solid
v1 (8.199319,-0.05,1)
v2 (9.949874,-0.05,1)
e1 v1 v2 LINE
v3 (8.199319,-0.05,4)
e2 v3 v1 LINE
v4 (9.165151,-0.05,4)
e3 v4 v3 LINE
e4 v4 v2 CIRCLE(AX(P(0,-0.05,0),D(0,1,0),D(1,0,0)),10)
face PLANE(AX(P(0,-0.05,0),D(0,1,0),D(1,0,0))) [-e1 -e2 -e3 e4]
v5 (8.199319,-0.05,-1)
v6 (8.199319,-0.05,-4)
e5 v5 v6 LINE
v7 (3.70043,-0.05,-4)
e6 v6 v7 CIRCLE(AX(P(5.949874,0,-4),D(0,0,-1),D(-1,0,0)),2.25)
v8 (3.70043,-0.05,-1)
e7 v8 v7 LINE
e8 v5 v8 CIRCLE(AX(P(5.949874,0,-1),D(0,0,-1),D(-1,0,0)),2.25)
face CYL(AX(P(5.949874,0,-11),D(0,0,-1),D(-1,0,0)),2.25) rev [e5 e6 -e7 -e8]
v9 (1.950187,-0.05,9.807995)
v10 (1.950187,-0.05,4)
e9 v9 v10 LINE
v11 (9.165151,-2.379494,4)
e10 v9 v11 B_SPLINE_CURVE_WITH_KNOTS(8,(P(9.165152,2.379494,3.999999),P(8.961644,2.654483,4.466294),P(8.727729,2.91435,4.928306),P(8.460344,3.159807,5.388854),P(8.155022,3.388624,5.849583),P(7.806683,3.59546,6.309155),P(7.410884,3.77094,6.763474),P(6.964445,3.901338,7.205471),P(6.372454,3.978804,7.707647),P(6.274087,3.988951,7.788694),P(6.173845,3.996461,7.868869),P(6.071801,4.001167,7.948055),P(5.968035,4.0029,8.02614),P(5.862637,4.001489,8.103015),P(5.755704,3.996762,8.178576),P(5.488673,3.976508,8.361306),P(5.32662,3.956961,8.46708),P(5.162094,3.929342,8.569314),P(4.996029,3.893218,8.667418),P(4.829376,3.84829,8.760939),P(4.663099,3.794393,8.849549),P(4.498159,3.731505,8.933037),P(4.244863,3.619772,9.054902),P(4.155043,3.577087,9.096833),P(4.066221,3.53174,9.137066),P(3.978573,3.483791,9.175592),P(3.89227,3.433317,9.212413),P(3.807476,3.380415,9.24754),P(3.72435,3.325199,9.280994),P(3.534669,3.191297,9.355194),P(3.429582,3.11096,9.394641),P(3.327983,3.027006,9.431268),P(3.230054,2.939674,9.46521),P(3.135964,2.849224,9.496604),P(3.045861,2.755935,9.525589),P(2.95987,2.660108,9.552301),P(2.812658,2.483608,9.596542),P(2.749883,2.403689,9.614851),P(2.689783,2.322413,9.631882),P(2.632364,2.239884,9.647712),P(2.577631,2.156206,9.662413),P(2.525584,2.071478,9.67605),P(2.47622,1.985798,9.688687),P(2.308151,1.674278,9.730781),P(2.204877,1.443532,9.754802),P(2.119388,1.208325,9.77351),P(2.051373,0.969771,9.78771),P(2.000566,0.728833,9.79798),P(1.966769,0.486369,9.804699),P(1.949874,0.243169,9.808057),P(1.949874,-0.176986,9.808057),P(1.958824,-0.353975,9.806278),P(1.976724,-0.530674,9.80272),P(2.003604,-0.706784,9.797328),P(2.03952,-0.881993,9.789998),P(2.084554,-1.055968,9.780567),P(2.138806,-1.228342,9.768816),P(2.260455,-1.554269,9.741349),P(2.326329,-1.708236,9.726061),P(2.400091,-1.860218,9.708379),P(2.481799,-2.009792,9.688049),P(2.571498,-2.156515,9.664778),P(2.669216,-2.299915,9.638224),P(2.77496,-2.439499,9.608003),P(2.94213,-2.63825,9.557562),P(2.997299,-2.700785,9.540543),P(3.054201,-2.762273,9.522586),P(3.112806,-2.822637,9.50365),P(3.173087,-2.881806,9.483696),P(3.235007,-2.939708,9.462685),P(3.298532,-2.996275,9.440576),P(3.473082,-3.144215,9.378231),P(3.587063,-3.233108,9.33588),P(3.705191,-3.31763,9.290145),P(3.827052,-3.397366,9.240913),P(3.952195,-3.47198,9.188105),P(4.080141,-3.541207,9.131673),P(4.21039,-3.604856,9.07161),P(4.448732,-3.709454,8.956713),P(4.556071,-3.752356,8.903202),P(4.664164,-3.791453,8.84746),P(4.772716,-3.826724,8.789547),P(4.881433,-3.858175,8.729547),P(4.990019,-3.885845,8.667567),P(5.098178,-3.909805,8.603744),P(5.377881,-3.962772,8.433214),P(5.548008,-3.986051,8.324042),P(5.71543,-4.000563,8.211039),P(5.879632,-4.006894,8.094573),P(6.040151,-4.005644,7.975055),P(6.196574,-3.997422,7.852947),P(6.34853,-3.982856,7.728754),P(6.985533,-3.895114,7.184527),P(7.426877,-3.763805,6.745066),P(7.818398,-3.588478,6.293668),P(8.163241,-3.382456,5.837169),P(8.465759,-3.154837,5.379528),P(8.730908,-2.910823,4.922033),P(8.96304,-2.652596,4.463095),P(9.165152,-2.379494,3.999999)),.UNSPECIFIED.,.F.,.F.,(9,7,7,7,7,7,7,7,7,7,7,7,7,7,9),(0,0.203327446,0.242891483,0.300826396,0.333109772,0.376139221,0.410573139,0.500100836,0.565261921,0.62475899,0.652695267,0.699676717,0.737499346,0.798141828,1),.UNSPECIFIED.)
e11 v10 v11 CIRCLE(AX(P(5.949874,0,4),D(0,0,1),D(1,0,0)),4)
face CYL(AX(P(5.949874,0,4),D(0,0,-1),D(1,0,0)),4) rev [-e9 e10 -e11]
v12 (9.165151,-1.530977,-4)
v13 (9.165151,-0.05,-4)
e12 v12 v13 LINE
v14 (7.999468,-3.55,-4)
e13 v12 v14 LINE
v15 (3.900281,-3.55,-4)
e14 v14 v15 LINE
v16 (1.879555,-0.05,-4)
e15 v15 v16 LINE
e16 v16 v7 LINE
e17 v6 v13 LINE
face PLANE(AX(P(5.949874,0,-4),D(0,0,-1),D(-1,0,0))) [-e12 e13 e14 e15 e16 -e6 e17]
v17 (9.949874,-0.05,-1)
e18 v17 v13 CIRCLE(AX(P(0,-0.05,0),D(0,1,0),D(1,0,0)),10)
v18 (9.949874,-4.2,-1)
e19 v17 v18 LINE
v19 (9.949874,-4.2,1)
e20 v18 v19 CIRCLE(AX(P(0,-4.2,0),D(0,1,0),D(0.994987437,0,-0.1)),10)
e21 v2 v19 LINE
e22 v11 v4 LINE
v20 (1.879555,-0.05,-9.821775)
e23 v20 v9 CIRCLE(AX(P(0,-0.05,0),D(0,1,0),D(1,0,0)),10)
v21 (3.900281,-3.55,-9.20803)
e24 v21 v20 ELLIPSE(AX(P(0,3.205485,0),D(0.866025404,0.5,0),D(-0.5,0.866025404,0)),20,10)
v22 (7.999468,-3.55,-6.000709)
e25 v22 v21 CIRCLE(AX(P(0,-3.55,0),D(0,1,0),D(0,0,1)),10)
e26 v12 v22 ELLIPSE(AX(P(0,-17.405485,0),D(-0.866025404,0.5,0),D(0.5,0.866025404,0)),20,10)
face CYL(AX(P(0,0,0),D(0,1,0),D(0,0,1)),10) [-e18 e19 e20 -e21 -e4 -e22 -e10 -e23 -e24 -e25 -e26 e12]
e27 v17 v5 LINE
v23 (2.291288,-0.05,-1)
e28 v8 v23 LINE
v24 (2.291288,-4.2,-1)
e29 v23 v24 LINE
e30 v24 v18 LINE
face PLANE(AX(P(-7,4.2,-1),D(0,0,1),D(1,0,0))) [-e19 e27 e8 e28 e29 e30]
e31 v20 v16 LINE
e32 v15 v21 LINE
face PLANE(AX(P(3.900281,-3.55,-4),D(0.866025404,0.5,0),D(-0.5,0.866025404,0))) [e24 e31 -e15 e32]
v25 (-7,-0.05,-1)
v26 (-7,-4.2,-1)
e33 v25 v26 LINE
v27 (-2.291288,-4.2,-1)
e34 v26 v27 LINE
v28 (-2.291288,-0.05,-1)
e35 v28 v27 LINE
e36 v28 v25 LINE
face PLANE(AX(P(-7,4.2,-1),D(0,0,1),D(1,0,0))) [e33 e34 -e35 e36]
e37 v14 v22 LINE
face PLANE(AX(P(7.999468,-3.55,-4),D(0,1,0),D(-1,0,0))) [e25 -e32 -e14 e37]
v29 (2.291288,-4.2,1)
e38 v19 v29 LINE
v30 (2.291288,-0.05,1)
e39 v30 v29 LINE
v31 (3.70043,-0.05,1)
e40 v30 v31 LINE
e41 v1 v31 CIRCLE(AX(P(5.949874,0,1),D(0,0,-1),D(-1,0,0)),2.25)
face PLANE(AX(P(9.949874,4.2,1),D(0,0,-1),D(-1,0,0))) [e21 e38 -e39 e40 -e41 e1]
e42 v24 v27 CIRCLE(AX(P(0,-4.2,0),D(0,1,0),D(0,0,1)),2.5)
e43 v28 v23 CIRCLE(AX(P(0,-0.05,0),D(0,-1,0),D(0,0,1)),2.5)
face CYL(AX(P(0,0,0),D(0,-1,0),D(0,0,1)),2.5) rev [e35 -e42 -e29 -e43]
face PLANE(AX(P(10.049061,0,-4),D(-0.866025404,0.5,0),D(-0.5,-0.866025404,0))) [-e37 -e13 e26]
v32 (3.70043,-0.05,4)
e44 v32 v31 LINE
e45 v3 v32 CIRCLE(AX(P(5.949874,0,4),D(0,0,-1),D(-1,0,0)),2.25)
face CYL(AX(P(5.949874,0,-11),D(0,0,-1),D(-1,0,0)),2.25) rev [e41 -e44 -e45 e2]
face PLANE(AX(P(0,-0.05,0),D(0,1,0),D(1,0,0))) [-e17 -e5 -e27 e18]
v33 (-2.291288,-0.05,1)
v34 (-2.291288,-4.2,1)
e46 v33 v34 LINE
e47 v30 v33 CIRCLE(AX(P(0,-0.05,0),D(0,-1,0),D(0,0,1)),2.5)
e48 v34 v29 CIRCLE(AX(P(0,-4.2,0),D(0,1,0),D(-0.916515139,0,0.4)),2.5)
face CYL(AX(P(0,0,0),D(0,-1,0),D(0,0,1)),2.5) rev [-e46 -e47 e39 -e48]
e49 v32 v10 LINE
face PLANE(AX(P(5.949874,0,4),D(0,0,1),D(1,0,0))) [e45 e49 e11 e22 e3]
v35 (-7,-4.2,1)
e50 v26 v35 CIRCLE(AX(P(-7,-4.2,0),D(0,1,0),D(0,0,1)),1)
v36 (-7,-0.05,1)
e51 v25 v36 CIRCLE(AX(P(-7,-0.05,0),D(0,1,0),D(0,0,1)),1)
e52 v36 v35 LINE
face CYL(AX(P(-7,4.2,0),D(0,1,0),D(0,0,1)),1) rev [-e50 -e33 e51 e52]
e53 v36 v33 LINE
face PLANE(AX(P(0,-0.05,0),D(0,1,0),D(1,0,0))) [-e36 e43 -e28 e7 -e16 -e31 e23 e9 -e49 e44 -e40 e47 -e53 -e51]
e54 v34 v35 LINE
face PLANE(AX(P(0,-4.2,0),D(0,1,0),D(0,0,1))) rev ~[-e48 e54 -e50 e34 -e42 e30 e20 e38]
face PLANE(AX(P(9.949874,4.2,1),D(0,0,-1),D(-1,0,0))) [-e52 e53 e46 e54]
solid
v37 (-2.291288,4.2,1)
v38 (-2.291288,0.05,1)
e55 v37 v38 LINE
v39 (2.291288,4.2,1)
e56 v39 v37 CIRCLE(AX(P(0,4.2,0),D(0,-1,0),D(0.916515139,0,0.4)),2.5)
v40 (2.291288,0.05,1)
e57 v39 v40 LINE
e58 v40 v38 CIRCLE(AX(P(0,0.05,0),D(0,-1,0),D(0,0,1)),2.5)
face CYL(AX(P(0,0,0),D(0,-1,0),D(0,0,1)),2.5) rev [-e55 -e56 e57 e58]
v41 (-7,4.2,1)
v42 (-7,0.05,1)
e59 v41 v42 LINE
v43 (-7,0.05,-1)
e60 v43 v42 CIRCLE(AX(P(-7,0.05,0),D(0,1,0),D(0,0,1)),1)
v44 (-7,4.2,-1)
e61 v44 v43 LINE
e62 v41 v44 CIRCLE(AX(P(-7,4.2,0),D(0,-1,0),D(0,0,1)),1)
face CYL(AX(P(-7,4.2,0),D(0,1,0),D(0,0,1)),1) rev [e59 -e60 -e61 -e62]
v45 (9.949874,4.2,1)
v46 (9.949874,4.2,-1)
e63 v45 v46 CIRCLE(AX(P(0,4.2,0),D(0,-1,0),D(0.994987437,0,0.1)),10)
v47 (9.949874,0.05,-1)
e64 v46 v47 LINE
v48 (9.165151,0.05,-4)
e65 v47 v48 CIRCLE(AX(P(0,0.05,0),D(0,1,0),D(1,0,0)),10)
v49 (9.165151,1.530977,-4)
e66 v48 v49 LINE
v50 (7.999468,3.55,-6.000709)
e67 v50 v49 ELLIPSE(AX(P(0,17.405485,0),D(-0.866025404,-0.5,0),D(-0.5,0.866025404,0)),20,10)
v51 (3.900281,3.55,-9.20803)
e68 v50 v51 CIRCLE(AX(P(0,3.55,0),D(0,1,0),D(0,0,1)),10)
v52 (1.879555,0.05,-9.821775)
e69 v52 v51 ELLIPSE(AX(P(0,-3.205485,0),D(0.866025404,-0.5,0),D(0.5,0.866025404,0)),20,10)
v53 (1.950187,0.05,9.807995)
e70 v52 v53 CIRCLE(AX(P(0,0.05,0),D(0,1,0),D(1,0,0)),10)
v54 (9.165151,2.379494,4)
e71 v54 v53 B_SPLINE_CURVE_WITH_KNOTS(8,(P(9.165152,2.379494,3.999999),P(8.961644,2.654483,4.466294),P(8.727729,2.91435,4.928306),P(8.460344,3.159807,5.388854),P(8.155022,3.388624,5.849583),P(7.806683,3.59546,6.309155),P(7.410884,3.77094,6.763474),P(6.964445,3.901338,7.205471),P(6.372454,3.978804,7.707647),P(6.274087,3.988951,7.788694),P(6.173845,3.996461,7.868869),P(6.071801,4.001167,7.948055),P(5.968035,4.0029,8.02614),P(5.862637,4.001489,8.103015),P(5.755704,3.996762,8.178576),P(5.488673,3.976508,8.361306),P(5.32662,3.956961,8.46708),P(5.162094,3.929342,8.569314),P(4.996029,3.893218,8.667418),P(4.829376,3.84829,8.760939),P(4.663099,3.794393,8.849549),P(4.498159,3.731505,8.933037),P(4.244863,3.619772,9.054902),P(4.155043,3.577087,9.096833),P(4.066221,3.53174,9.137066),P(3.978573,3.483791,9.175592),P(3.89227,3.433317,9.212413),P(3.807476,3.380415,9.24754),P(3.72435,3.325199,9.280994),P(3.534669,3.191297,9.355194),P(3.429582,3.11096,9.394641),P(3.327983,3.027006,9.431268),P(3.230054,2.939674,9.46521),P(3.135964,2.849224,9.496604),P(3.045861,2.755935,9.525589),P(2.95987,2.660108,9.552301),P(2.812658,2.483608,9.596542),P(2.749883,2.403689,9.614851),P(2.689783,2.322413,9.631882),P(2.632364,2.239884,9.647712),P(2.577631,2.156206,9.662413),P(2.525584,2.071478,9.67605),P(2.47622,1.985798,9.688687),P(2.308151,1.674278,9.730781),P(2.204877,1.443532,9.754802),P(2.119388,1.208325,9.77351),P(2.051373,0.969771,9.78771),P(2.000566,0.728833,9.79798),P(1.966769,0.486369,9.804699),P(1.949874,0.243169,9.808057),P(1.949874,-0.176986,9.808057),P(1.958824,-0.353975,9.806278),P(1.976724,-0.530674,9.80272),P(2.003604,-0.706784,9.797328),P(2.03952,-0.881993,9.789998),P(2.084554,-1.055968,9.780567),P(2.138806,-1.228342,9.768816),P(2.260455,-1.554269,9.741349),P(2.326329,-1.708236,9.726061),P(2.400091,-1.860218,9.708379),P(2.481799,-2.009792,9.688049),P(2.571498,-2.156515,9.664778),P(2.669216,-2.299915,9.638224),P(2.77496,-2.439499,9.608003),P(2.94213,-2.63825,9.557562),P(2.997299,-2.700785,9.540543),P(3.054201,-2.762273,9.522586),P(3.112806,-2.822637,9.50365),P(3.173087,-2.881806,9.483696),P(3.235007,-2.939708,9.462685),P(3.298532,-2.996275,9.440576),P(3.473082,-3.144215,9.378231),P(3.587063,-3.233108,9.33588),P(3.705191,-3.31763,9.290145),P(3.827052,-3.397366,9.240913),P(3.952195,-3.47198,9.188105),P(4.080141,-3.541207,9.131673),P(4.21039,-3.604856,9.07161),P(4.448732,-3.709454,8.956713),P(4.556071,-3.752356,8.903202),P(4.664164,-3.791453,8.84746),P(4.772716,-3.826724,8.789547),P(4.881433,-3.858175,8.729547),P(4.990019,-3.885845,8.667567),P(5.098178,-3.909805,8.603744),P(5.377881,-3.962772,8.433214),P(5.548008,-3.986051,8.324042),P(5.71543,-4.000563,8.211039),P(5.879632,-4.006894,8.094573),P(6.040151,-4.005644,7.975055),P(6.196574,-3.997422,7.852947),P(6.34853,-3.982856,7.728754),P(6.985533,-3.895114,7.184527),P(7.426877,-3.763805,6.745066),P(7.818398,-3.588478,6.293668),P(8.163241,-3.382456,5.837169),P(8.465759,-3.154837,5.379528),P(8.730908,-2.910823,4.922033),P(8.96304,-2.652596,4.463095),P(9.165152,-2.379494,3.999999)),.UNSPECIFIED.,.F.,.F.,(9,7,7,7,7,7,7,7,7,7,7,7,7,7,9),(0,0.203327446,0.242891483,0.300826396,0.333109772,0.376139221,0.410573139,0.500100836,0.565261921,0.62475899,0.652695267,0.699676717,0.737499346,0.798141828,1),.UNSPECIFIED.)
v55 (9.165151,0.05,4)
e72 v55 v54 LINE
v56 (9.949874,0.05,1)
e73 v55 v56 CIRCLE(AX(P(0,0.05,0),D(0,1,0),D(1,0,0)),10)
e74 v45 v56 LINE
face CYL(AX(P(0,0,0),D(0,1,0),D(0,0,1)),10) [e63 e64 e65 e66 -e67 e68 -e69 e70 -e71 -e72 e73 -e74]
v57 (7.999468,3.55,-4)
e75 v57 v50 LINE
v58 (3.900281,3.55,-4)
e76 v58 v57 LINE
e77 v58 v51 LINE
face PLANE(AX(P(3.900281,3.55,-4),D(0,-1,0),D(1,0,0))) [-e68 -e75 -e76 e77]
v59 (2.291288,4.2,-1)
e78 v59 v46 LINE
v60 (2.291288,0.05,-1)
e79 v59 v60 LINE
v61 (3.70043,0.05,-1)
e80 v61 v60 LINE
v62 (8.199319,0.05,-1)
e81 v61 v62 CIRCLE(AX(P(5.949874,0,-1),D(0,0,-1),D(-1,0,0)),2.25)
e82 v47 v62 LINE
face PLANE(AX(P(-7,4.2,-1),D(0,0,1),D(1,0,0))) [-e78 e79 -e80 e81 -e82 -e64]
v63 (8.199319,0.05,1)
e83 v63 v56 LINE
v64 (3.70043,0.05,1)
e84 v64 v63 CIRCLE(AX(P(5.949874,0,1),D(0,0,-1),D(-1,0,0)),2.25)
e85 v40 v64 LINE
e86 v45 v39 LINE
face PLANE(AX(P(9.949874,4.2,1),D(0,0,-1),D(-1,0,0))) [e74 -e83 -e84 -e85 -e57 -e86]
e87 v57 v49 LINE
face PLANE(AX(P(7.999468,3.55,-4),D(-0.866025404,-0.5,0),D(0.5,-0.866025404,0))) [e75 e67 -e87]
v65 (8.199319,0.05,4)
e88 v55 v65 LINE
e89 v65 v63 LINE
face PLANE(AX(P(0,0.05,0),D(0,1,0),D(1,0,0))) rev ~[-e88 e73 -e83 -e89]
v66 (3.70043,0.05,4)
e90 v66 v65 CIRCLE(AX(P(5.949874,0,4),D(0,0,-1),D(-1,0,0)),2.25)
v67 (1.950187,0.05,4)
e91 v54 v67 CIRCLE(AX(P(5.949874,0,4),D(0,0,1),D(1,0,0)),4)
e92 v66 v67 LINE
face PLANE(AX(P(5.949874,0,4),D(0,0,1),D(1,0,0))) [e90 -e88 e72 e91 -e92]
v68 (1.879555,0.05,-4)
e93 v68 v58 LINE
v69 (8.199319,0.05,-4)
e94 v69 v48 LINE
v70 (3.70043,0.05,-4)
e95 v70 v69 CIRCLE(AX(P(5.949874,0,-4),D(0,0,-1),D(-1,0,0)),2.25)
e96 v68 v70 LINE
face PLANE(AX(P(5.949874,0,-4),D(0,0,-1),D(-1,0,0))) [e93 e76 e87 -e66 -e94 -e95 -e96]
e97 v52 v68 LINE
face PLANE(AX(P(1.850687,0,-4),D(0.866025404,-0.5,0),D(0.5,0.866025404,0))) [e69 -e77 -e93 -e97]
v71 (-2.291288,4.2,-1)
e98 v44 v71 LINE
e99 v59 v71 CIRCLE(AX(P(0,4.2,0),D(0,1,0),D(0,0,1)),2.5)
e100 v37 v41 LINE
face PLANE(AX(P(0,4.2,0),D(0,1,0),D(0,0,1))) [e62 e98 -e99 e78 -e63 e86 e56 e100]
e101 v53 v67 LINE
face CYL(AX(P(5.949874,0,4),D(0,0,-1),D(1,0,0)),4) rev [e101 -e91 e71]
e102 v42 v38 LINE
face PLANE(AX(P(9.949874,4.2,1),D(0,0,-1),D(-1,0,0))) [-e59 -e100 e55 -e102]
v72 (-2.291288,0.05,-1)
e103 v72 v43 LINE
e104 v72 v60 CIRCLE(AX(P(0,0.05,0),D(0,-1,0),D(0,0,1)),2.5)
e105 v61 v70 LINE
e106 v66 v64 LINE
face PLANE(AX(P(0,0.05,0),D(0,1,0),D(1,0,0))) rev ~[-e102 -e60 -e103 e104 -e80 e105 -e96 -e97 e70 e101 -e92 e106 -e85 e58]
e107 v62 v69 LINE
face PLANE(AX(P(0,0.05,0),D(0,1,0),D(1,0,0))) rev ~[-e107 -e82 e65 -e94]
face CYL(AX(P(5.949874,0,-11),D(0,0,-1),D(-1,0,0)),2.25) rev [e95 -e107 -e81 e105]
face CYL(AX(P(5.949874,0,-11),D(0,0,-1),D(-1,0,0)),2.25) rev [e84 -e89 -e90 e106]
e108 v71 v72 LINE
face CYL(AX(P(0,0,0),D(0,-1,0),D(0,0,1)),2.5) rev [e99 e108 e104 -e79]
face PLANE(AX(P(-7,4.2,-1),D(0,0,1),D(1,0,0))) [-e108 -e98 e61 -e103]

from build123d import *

# Parameters (mm, degrees)
SKETCH1_R               = 10
SKETCH1_R_2             = 2.5
BOSS_EXTRUDE1_DEPTH     = 4.2
CUT_EXTRUDE1_DEPTH      = 17.448708156
CUT_EXTRUDE2_DEPTH      = 16.447977214
CUT_EXTRUDE2_DEPTH_BACK = 10
SKETCH3_R               = 2.25
CUT_EXTRUDE3_START      = 5
CUT_EXTRUDE3_DEPTH      = 10
CUT_EXTRUDE4_START      = 5
SKETCH6_R               = 4
CUT_EXTRUDE4_DEPTH      = 10
SKETCH9_R               = 10
CUT_EXTRUDE5_DEPTH      = 0.05


with BuildPart() as part:
    # Sketch1 → Boss-Extrude1 (new, symmetric)
    with BuildSketch(Plane(origin=(0, 0, 0), x_dir=(1, 0, 0), z_dir=(0, 1, 0))):
        Circle(SKETCH1_R)
        Circle(SKETCH1_R_2, mode=Mode.SUBTRACT)
    extrude(amount=BOSS_EXTRUDE1_DEPTH, both=True)

    # Sketch2 → Cut-Extrude1 (cut, through all)
    with BuildSketch(Plane(origin=(0, 4.2, 0), x_dir=(1, 0, 0), z_dir=(0, 1, 0))):
        with BuildLine():
            Line((-7, 1), (9.949874371, 1))
            ThreePointArc((9.949874371, 1), (10.949874371, 0), (9.949874371, -1))
            Line((9.949874371, -1), (-7, -1))
            ThreePointArc((-7, -1), (-8, 0), (-7, 1))
        make_face()
    extrude(amount=-CUT_EXTRUDE1_DEPTH, mode=Mode.SUBTRACT)

    # Sketch3 → Cut-Extrude2 (cut, two sides: drawn at the far end of the back side and taken through both)
    with BuildSketch(Plane.XY.offset(-1).offset(-CUT_EXTRUDE2_DEPTH_BACK)):
        with Locations((5.949874371, 0)):
            Circle(SKETCH3_R)
    extrude(amount=CUT_EXTRUDE2_DEPTH + CUT_EXTRUDE2_DEPTH_BACK, mode=Mode.SUBTRACT)

    # Sketch4 → Cut-Extrude3 (cut)
    with BuildSketch(Plane(origin=(0, 0, 1), x_dir=(-1, 0, 0), z_dir=(0, 0, -1)).offset(CUT_EXTRUDE3_START)):
        Polygon((-1.85068746, 0), (-3.900280915, 3.55), (-7.999467827, 3.55), (-10.049061282, 0), (-7.999467827, -3.55), (-3.900280915, -3.55), align=None)
    extrude(amount=CUT_EXTRUDE3_DEPTH, mode=Mode.SUBTRACT)

    # Sketch6 → Cut-Extrude4 (cut)
    with BuildSketch(Plane.XY.offset(-1).offset(CUT_EXTRUDE4_START)):
        with Locations((5.949874371, 0)):
            Circle(SKETCH6_R)
    extrude(amount=CUT_EXTRUDE4_DEPTH, mode=Mode.SUBTRACT)

    # Sketch9 → Cut-Extrude5 (cut, symmetric)
    with BuildSketch(Plane(origin=(0, 0, 0), x_dir=(1, 0, 0), z_dir=(0, 1, 0))):
        Circle(SKETCH9_R)
    extrude(amount=CUT_EXTRUDE5_DEPTH, both=True, mode=Mode.SUBTRACT)


with BuildPart() as cut_extrude5_piece_1:
    # of the separate pieces the step leaves, piece 1, a body of its own (cut_extrude5_pieces)
    add(part.part.solids().sort_by_distance((9.949874371, 4.2, -1))[0])


with BuildPart() as cut_extrude5_piece_2:
    # of the separate pieces the step leaves, piece 2, a body of its own (cut_extrude5_pieces)
    add(part.part.solids().sort_by_distance((9.949874371, -0.05, -1))[0])


solid = Compound([cut_extrude5_piece_1.part, cut_extrude5_piece_2.part])
